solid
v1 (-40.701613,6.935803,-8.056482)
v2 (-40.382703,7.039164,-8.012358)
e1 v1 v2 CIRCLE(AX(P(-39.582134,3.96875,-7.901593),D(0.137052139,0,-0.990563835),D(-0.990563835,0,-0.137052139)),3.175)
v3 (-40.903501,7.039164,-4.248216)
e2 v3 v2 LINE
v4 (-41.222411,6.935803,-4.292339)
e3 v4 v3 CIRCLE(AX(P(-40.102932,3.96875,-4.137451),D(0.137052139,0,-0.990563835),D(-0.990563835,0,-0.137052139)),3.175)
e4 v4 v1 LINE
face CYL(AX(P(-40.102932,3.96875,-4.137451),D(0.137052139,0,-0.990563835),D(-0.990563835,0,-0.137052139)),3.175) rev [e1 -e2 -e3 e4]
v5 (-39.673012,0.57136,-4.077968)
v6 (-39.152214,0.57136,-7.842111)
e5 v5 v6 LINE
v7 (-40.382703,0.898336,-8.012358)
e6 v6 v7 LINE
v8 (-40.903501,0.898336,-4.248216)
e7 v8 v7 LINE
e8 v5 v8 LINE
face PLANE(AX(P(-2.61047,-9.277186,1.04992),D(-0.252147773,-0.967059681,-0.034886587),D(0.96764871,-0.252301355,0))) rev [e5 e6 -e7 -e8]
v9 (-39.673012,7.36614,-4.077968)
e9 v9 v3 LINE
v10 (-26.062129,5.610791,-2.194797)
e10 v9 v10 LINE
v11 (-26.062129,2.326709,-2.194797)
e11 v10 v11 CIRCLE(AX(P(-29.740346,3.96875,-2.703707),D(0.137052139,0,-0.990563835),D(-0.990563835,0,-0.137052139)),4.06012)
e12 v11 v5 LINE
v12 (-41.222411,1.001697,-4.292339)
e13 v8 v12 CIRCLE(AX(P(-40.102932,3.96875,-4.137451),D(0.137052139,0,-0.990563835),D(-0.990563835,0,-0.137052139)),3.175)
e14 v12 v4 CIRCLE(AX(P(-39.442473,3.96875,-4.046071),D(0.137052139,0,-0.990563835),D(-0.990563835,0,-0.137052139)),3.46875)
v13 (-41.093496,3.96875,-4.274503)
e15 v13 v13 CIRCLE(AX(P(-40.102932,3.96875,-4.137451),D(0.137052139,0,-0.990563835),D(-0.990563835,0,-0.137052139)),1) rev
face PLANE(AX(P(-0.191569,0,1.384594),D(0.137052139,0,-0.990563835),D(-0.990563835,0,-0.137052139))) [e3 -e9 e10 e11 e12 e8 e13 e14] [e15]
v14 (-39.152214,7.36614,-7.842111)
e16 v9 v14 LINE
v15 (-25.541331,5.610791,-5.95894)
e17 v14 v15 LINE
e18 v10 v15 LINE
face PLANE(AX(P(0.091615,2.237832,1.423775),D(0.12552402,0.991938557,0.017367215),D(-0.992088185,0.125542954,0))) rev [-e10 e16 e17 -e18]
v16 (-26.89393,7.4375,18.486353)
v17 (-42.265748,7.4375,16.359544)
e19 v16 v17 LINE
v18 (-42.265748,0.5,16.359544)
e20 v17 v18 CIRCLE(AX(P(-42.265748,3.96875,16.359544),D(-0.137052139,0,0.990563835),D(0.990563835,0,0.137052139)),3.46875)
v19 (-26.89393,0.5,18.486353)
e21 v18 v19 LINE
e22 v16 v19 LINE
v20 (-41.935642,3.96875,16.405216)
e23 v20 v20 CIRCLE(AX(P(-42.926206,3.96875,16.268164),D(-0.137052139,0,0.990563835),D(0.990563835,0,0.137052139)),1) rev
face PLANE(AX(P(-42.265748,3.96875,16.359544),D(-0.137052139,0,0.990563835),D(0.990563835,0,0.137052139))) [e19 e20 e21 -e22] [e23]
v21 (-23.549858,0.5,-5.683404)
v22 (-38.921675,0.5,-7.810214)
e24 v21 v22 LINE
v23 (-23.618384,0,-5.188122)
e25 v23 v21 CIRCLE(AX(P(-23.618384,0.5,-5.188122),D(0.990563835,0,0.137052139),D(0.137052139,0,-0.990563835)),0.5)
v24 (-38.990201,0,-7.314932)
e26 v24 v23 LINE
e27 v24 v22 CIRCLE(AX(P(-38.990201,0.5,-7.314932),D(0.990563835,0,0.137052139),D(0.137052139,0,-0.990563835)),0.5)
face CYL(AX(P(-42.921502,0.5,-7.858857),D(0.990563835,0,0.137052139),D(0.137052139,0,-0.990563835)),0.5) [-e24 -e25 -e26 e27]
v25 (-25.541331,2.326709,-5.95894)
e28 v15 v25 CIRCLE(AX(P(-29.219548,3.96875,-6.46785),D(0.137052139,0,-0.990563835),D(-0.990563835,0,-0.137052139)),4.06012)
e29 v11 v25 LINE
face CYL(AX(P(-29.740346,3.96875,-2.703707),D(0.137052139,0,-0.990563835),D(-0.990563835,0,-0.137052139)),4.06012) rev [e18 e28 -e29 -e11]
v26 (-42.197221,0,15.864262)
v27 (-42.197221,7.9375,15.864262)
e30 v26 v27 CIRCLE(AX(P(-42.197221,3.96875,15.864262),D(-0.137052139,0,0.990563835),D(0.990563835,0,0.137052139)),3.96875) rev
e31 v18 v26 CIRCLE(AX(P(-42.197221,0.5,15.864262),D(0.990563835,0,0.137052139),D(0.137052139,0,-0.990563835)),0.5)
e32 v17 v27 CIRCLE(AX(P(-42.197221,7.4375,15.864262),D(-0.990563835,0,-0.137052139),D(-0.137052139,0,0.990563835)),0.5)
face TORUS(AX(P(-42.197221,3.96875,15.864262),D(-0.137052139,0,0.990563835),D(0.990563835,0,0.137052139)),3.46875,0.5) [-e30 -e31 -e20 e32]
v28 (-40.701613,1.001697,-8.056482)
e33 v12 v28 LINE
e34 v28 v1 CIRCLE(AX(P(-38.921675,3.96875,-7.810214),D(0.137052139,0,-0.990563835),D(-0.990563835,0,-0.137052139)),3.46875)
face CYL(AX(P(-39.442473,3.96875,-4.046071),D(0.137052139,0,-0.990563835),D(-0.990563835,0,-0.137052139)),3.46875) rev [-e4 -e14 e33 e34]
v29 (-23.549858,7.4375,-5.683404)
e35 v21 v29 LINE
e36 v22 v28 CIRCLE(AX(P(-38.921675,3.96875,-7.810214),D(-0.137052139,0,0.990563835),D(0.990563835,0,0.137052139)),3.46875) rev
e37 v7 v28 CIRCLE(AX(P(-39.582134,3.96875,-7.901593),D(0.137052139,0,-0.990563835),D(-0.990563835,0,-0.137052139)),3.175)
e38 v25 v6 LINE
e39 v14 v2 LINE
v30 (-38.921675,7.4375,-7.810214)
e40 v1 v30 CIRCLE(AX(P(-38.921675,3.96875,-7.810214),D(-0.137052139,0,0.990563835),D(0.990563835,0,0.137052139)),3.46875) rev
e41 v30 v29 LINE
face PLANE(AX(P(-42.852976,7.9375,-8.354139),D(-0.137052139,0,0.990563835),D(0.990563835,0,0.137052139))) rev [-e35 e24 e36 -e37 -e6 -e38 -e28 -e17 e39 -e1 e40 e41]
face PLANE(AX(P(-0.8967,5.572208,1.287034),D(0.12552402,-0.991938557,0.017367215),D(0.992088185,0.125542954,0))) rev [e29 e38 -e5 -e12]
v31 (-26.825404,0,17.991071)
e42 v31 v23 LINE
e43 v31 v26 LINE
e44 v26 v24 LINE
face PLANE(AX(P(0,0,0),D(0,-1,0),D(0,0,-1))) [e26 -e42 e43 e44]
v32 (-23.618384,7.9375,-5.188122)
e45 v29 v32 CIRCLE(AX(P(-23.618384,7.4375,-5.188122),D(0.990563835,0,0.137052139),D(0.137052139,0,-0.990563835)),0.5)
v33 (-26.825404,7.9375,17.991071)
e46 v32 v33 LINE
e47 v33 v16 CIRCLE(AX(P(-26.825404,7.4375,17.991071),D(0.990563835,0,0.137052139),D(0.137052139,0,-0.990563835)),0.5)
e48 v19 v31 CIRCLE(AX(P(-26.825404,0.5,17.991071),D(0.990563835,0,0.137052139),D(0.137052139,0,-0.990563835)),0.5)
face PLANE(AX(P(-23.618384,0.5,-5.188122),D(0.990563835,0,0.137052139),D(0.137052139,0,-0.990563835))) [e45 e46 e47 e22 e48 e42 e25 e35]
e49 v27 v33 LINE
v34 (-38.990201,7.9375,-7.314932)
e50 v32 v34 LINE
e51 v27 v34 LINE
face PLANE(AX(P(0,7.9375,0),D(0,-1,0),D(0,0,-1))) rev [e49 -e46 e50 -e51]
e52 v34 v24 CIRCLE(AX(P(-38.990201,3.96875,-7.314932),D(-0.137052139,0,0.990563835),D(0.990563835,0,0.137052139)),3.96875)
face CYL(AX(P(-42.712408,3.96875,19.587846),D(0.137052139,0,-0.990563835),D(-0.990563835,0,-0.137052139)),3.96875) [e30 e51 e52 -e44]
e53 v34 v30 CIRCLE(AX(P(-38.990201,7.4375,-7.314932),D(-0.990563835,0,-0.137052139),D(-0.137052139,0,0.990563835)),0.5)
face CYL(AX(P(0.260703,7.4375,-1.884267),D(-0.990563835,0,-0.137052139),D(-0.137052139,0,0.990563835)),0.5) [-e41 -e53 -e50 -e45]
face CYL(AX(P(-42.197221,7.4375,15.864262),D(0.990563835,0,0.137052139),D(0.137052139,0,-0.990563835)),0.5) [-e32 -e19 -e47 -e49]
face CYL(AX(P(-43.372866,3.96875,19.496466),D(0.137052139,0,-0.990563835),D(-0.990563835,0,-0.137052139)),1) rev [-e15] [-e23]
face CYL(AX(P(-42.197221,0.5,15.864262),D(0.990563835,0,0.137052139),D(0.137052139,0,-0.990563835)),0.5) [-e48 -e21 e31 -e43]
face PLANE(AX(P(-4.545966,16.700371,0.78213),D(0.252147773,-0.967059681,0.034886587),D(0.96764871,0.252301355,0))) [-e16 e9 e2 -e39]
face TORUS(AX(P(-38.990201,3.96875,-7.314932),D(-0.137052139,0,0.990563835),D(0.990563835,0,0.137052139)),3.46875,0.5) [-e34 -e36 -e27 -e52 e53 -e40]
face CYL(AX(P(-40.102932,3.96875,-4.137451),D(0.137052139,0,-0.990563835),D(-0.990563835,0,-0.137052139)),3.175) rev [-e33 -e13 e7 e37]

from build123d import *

# Parameters (mm, degrees)
BOSS_EXTRUDE1_DEPTH     = 7.9375
SKETCH3_R               = 2.032
CUT_EXTRUDE1_DEPTH      = 2.7
SKETCH4_R               = 1.000000032
CUT_EXTRUDE2_DEPTH      = 51.553064313
CUT_EXTRUDE3_DEPTH      = 52.939206859
CUT_EXTRUDE3_DEPTH_BACK = 52.939206859
CUT_EXTRUDE5_DEPTH      = 0.7
FILLET1_R               = 0.5
SKETCH6_R               = 2.032
CUT_EXTRUDE4_DEPTH      = 3.8
BOSS_EXTRUDE2_DEPTH     = 0.637


with BuildPart() as part:
    # Sketch1 → Boss-Extrude1 (new body)
    with BuildSketch(Plane(origin=(0, 0, 0), x_dir=(1, 0, 0), z_dir=(0, 1, 0))):
        Polygon((-27.620855991, -19.092445695), (-46.29298428, -16.509012872), (-42.852975587, 8.354139385), (-24.180847298, 5.770706562), align=None)
    extrude(amount=BOSS_EXTRUDE1_DEPTH)

    # Sketch3 → Cut-Extrude1 (cut)
    with BuildSketch(Plane(origin=(0.275554746, 0, -2.386974896), x_dir=(-0.9905638349724136, 0, -0.13705213914691383), z_dir=(0.13705213914691383, 0, -0.9905638349724136))):
        with Locations((40.237375061, 3.96875)):
            Circle(SKETCH3_R)
    extrude(amount=-CUT_EXTRUDE1_DEPTH, mode=Mode.SUBTRACT)

    # Sketch4 → Cut-Extrude2 (cut, through all)
    with BuildSketch(Plane(origin=(-0.040811883, 0, 0.29497369), x_dir=(-0.9905638349724136, 0, -0.13705213914691383), z_dir=(0.1370521391469138, 0, -0.9905638349724135))):
        with Locations((40.291560511, 3.96875)):
            Circle(SKETCH4_R)
    extrude(amount=-CUT_EXTRUDE2_DEPTH, mode=Mode.SUBTRACT)

    # Sketch5 → Cut-Extrude3 (cut, two sides: drawn at the far end of the back side and taken through both)
    with BuildSketch(Plane(origin=(0.329228893, 0, -2.379548664), x_dir=(-0.9905638349724137, 0, -0.1370521391469133), z_dir=(0.1370521391469133, 0, -0.9905638349724137)).offset(-CUT_EXTRUDE3_DEPTH_BACK)):
        with BuildLine():
            ThreePointArc((43.593560511, 3.96875), (42.431140549, 1.162419962), (39.624810511, 0))
            Line((39.624810511, 0), (43.593560511, 0))
            Line((43.593560511, 0), (43.593560511, 3.96875))
        make_face()
        with BuildLine():
            Line((43.593560511, 7.9375), (39.624810511, 7.9375))
            ThreePointArc((39.624810511, 7.9375), (42.431140549, 6.775080038), (43.593560511, 3.96875))
            Line((43.593560511, 3.96875), (43.593560511, 7.9375))
        make_face()
    extrude(amount=CUT_EXTRUDE3_DEPTH + CUT_EXTRUDE3_DEPTH_BACK, mode=Mode.SUBTRACT)

    # Sketch8 → Cut-Extrude5 (cut)
    with BuildSketch(Plane(origin=(-3.1107798, 0, 22.483603594), x_dir=(0.9905638349724136, 0, 0.1370521391469135), z_dir=(-0.1370521391469135, 0, 0.9905638349724137))):
        with BuildLine():
            Line((-39.624810511, 0), (-24.743560511, 0))
            Line((-24.743560511, 0), (-24.743560511, 7.9375))
            Line((-24.743560511, 7.9375), (-39.624810511, 7.9375))
            ThreePointArc((-39.624810511, 7.9375), (-43.593560511, 3.96875), (-39.624810511, 0))
        make_face()
    extrude(amount=-CUT_EXTRUDE5_DEPTH, mode=Mode.SUBTRACT)

    # Fillet1
    fillet1_edges = [part.edges().sort_by_distance(p)[0] for p in [
        (-42.852975587, 3.96875, -8.354139385),
        (-31.551261333, 0, -6.790460135),
        (-46.197047782, 3.96875, 15.815618188),
        (-34.895333528, 7.9375, 17.379297438),
        (-34.895333528, 0, 17.379297438),
        (-31.551261333, 7.9375, -6.790460135),
    ]]
    fillet(fillet1_edges, radius=FILLET1_R)

    # Sketch6 → Cut-Extrude4 (cut)
    # profile 1 of 4: a face of its own
    with BuildSketch(Plane(origin=(0.329228893, 0, -2.379548664), x_dir=(-0.9905638349724137, 0, -0.1370521391469133), z_dir=(0.1370521391469133, 0, -0.9905638349724137))):
        with BuildLine():
            Line((41.099755957, 7.039164487), (39.857545305, 7.366139557))
            Line((39.857545305, 7.366139557), (26.117003817, 5.610790678))
            ThreePointArc((26.117003817, 5.610790678), (25.770140702, 3.96875), (26.117003817, 2.326709322))
            Line((26.117003817, 2.326709322), (39.857545305, 0.571360443))
            Line((39.857545305, 0.571360443), (41.099755957, 0.898335513))
            ThreePointArc((41.099755957, 0.898335513), (40.498298253, 0.800487936), (39.889225247, 0.819345082))
            Line((39.889225247, 0.819345082), (26.291560511, 2.556441511))
            Line((26.291560511, 2.556441511), (26.291560511, 3.67018175))
            ThreePointArc((26.291560511, 3.67018175), (27.210560511, 3.96875), (26.291560511, 4.26731825))
            Line((26.291560511, 4.26731825), (26.291560511, 5.381058489))
            Line((26.291560511, 5.381058489), (39.889225247, 7.118154918))
            ThreePointArc((39.889225247, 7.118154918), (40.498298253, 7.137012064), (41.099755957, 7.039164487))
        make_face()
    # profile 2 of 4: a face of its own
    with BuildSketch(Plane(origin=(0.329228893, 0, -2.379548664), x_dir=(-0.9905638349724137, 0, -0.1370521391469133), z_dir=(0.1370521391469133, 0, -0.9905638349724137))):
        with BuildLine():
            ThreePointArc((39.889225247, 0.819345082), (37.116560511, 3.96875), (39.889225247, 7.118154918))
            Line((39.889225247, 7.118154918), (26.291560511, 5.381058489))
            Line((26.291560511, 5.381058489), (26.291560511, 4.26731825))
            ThreePointArc((26.291560511, 4.26731825), (27.210560511, 3.96875), (26.291560511, 3.67018175))
            Line((26.291560511, 3.67018175), (26.291560511, 2.556441511))
            Line((26.291560511, 2.556441511), (39.889225247, 0.819345082))
        make_face()
    # profile 3 of 4: a face of its own
    with BuildSketch(Plane(origin=(0.329228893, 0, -2.379548664), x_dir=(-0.9905638349724137, 0, -0.1370521391469133), z_dir=(0.1370521391469133, 0, -0.9905638349724137))):
        with BuildLine():
            ThreePointArc((41.421703743, 6.935802624), (41.262106814, 6.991772473), (41.099755957, 7.039164487))
            ThreePointArc((41.099755957, 7.039164487), (40.498298253, 7.137012064), (39.889225247, 7.118154918))
            ThreePointArc((39.889225247, 7.118154918), (37.116560511, 3.96875), (39.889225247, 0.819345082))
            ThreePointArc((39.889225247, 0.819345082), (40.498298253, 0.800487936), (41.099755957, 0.898335513))
            ThreePointArc((41.099755957, 0.898335513), (41.262106814, 0.945727527), (41.421703743, 1.001697376))
            ThreePointArc((41.421703743, 1.001697376), (43.093560511, 3.96875), (41.421703743, 6.935802624))
        make_face()
        with Locations((40.291560511, 3.96875)):
            Circle(SKETCH6_R, mode=Mode.SUBTRACT)
    # profile 4 of 4: a face of its own
    with BuildSketch(Plane(origin=(0.329228893, 0, -2.379548664), x_dir=(-0.9905638349724137, 0, -0.1370521391469133), z_dir=(0.1370521391469133, 0, -0.9905638349724137))):
        with Locations((40.291560511, 3.96875)):
            Circle(SKETCH6_R)
    extrude(amount=-CUT_EXTRUDE4_DEPTH, mode=Mode.SUBTRACT)

    # Sketch7 → Boss-Extrude2 (add)
    with BuildSketch(Plane(origin=(-24.510076191, 0, -3.391157898), x_dir=(0.13705213914691317, 0, -0.9905638349724137), z_dir=(0.9905638349724137, 0, 0.13705213914691317))):
        with BuildLine():
            Line((-21.497783626, 0), (1.902216374, 0))
            ThreePointArc((1.902216374, 0), (2.255769765, 0.146446609), (2.402216374, 0.5))
            Line((2.402216374, 0.5), (2.402216374, 7.4375))
            ThreePointArc((2.402216374, 7.4375), (2.255769765, 7.791053391), (1.902216374, 7.9375))
            Line((1.902216374, 7.9375), (-21.497783626, 7.9375))
            ThreePointArc((-21.497783626, 7.9375), (-21.851337016, 7.791053391), (-21.997783626, 7.4375))
            Line((-21.997783626, 7.4375), (-21.997783626, 0.5))
            ThreePointArc((-21.997783626, 0.5), (-21.851337016, 0.146446609), (-21.497783626, 0))
        make_face()
    extrude(amount=BOSS_EXTRUDE2_DEPTH)


solid = part.part
